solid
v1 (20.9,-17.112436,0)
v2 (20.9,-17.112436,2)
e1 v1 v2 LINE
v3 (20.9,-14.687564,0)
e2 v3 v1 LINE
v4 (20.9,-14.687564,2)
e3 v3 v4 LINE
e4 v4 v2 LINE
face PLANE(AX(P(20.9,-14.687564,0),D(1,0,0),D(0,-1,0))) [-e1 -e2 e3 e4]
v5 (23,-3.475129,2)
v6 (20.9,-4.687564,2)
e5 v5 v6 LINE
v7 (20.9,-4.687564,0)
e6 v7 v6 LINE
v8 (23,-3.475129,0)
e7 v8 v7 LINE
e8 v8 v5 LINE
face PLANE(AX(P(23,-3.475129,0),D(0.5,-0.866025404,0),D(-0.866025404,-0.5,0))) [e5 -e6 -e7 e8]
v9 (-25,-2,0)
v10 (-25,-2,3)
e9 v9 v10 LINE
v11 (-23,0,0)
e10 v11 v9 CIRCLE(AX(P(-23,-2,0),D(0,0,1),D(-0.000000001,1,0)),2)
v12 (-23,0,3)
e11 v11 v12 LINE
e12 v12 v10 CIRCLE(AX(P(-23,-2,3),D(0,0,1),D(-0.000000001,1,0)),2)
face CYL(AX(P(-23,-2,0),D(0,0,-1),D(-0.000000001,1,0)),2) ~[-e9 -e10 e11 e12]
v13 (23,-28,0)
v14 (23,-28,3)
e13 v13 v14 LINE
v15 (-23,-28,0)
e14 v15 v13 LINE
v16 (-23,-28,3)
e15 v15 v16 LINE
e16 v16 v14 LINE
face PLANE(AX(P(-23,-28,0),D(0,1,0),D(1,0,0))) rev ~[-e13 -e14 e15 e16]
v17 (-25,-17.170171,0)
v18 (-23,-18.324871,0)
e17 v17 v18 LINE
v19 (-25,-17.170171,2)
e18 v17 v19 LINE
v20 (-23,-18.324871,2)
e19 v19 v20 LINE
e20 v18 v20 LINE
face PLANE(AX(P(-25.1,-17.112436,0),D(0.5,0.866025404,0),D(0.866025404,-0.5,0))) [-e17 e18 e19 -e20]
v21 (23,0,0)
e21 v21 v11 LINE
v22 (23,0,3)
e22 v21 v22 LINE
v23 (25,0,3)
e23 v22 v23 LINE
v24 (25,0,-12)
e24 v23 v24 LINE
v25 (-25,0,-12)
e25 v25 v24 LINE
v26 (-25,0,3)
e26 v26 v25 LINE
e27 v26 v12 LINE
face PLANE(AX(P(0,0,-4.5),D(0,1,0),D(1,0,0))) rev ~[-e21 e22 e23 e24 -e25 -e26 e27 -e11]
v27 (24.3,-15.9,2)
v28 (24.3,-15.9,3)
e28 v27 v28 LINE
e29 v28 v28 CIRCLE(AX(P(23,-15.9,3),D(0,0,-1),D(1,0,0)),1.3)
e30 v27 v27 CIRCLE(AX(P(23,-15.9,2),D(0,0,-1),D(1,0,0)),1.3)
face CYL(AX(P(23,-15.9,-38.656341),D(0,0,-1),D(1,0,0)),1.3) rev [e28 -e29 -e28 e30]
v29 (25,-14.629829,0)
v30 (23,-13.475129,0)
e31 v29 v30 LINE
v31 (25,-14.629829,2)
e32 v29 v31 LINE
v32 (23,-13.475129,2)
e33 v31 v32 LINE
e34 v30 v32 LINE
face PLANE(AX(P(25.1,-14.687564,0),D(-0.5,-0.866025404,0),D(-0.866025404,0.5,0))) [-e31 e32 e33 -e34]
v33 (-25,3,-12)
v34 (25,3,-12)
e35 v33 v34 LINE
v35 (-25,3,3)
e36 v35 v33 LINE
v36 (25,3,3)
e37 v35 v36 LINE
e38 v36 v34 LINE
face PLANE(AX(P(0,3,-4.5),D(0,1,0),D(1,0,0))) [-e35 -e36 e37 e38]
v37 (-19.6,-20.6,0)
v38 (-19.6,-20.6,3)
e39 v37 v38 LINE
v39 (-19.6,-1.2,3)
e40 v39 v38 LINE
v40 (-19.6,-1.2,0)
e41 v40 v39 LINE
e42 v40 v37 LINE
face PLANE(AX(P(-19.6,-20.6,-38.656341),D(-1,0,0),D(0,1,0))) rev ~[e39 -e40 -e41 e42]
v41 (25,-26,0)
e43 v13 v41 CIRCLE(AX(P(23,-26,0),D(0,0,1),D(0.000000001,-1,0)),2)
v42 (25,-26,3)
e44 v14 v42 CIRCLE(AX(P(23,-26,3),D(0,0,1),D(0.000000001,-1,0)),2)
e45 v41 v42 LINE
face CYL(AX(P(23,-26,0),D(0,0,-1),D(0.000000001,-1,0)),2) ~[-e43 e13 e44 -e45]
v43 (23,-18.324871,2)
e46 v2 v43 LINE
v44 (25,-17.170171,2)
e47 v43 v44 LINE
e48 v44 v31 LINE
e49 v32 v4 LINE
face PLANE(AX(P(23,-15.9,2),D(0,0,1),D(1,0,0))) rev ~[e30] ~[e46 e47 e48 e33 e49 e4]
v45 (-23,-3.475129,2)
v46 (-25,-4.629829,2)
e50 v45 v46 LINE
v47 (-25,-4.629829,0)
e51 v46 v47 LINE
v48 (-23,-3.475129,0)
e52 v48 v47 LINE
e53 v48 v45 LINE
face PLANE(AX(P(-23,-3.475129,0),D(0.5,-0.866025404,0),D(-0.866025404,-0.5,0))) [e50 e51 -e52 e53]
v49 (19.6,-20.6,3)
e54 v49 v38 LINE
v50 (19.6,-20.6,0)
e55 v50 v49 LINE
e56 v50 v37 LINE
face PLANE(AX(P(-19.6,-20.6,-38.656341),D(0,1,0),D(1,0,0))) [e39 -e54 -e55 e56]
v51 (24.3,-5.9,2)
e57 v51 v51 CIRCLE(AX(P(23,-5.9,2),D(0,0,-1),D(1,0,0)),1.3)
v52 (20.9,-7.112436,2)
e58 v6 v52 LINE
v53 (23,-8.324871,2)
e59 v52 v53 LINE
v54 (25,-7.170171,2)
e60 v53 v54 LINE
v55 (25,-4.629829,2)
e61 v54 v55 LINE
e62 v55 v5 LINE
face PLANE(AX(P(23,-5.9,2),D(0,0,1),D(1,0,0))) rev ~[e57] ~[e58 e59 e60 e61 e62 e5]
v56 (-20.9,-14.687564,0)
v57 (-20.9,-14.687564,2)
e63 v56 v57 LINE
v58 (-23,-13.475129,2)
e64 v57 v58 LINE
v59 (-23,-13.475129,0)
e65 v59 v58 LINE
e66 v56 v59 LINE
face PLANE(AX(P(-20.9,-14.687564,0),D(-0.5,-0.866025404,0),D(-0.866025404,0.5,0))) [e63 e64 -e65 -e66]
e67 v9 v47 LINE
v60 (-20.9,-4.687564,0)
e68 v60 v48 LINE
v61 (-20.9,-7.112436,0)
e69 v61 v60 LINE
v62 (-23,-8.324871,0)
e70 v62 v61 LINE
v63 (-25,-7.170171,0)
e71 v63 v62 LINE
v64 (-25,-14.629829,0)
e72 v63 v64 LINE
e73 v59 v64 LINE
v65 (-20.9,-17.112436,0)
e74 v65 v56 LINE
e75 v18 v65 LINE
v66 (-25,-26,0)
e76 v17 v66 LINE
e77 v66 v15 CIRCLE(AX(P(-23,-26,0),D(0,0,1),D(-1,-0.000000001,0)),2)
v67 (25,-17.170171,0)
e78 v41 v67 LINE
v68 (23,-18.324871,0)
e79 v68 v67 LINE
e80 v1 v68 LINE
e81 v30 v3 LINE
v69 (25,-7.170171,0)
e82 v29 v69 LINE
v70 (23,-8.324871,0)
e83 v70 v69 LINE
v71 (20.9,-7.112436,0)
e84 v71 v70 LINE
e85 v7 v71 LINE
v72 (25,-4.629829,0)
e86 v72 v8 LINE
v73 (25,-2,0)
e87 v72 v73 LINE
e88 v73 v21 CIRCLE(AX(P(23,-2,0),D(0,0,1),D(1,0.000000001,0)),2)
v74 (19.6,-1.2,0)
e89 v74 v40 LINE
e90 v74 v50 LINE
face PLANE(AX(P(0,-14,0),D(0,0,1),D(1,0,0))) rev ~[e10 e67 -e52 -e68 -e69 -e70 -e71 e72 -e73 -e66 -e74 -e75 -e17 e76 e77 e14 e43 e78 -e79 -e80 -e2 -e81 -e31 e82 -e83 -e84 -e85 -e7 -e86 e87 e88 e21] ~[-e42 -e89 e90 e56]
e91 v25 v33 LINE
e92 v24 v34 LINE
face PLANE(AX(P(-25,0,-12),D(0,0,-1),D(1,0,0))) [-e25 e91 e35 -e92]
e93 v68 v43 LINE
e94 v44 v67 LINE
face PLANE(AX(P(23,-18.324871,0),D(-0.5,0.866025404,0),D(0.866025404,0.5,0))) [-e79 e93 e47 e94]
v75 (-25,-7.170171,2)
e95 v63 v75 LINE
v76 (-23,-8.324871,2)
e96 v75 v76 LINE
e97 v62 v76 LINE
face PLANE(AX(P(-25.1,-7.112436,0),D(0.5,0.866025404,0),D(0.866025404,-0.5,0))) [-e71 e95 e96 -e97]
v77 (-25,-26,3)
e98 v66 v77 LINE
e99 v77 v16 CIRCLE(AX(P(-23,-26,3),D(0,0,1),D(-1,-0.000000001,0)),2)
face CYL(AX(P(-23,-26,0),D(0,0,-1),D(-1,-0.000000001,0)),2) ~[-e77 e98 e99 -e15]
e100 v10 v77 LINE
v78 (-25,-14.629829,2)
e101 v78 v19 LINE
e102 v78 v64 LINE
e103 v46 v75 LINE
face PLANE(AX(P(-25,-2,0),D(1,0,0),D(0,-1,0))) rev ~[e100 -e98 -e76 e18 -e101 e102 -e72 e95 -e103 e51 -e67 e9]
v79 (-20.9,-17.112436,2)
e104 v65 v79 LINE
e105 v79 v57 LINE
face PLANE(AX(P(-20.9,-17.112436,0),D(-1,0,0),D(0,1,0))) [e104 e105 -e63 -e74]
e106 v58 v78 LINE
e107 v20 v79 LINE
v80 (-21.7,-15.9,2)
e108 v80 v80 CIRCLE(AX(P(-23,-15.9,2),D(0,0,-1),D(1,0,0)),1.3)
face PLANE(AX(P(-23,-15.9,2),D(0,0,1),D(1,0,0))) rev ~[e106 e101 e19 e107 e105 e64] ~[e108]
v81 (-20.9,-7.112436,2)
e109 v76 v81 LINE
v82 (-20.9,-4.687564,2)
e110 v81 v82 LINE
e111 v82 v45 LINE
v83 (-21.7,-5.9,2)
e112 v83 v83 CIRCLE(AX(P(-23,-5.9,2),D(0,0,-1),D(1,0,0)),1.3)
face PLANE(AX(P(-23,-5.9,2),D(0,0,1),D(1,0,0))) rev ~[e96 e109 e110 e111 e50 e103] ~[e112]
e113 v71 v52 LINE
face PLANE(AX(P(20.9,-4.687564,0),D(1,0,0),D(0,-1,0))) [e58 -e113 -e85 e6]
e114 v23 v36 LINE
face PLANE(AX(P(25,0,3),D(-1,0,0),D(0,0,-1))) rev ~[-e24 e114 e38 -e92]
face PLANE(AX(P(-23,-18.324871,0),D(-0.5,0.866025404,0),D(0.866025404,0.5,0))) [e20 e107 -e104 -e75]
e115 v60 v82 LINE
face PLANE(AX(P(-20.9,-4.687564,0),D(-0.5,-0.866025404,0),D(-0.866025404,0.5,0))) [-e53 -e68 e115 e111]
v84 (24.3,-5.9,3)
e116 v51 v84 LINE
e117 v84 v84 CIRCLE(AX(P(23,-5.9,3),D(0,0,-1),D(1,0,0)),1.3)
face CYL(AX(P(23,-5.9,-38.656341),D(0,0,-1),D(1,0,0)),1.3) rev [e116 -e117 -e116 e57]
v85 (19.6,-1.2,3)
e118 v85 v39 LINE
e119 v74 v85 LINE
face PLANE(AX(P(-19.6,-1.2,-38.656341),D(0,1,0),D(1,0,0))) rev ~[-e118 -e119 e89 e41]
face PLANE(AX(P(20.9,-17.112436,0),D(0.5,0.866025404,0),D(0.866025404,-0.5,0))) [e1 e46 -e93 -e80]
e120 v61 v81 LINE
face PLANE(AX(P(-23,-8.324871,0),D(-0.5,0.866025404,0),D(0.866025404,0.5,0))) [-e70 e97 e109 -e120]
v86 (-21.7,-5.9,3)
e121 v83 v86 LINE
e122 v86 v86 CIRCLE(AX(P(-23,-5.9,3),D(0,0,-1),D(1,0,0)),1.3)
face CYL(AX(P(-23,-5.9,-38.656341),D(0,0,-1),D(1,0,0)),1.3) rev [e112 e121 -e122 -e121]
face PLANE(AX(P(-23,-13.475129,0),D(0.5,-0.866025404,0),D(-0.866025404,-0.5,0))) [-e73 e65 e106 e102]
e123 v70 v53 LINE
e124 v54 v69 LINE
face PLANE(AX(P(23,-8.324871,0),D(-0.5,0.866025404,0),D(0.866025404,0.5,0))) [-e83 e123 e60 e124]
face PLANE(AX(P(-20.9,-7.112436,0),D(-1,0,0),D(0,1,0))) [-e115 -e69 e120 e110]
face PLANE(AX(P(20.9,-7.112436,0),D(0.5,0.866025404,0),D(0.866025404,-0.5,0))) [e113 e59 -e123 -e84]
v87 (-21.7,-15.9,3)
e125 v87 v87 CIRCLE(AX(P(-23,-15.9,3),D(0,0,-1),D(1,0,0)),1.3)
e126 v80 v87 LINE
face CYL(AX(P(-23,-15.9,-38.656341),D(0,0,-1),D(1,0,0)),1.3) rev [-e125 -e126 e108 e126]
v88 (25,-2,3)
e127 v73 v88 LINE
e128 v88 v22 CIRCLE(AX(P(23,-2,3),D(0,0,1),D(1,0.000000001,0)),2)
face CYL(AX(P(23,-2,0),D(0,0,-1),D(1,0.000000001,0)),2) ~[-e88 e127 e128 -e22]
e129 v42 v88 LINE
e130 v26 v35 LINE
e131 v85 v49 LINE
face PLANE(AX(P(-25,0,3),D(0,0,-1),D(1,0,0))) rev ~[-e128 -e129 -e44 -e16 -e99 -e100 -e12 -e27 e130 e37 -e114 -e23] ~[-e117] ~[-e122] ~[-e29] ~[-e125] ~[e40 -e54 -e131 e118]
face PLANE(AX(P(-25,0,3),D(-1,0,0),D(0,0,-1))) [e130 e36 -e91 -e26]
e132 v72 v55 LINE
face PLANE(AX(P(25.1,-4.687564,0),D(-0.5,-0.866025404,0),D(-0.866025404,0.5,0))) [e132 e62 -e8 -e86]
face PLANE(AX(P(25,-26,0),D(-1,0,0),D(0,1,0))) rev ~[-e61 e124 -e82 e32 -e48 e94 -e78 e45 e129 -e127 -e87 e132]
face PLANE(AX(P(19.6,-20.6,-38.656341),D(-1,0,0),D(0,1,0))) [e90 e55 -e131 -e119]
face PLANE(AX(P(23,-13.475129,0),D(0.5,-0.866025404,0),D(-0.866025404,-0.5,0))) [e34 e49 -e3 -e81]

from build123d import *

# Parameters (mm, degrees)
BOSS_EXTRUDE1_DEPTH     = 3
CUT_EXTRUDE1_DEPTH      = 38.656340768
CUT_EXTRUDE1_DEPTH_BACK = 38.656340768
SKETCH2_W               = 39.2
SKETCH2_H               = 19.4
CUT_EXTRUDE2_DEPTH      = 38.656340768
CUT_EXTRUDE2_DEPTH_BACK = 38.656340768
SKETCH3_R               = 1.3
CUT_EXTRUDE3_DEPTH      = 2
SKETCH5_W               = 50
SKETCH5_H               = 15
BOSS_EXTRUDE2_DEPTH     = 3


with BuildPart() as part:
    # Sketch1 → Boss-Extrude1 (new body)
    with BuildSketch(Plane.XY):
        with BuildLine():
            Line((-23, -28), (23, -28))
            ThreePointArc((23, -28), (24.414213562, -27.414213562), (25, -26))
            Line((25, -26), (25, -2))
            ThreePointArc((25, -2), (24.414213562, -0.585786438), (23, 0))
            Line((23, 0), (-23, 0))
            ThreePointArc((-23, 0), (-24.414213562, -0.585786438), (-25, -2))
            Line((-25, -2), (-25, -26))
            ThreePointArc((-25, -26), (-24.414213562, -27.414213562), (-23, -28))
        make_face()
    extrude(amount=BOSS_EXTRUDE1_DEPTH)

    # Sketch2 → Cut-Extrude1 (cut, two sides: drawn at the far end of the back side and taken through both)
    with BuildSketch(Plane.XY.offset(-CUT_EXTRUDE1_DEPTH_BACK)):
        with Locations((0, -10.9)):
            Rectangle(SKETCH2_W, SKETCH2_H)
    extrude(amount=CUT_EXTRUDE1_DEPTH + CUT_EXTRUDE1_DEPTH_BACK, mode=Mode.SUBTRACT)

    # Sketch3 → Cut-Extrude2 (cut, two sides: drawn at the far end of the back side and taken through both)
    with BuildSketch(Plane.XY.offset(-CUT_EXTRUDE2_DEPTH_BACK)):
        with Locations((23, -5.9)):
            Circle(SKETCH3_R)
        with Locations((23, -15.9)):
            Circle(SKETCH3_R)
        with Locations((-23, -5.9)):
            Circle(SKETCH3_R)
        with Locations((-23, -15.9)):
            Circle(SKETCH3_R)
    extrude(amount=CUT_EXTRUDE2_DEPTH + CUT_EXTRUDE2_DEPTH_BACK, mode=Mode.SUBTRACT)

    # Sketch4 → Cut-Extrude3 (cut)
    with BuildSketch(Plane.XY):
        Polygon((25.1, -4.687564435), (23, -3.475128869), (20.9, -4.687564435), (20.9, -7.112435565), (23, -8.324871131), (25.1, -7.112435565), align=None)
        Polygon((25.1, -14.687564435), (23, -13.475128869), (20.9, -14.687564435), (20.9, -17.112435565), (23, -18.324871131), (25.1, -17.112435565), align=None)
        Polygon((-20.9, -4.687564435), (-23, -3.475128869), (-25.1, -4.687564435), (-25.1, -7.112435565), (-23, -8.324871131), (-20.9, -7.112435565), align=None)
        Polygon((-20.9, -14.687564435), (-23, -13.475128869), (-25.1, -14.687564435), (-25.1, -17.112435565), (-23, -18.324871131), (-20.9, -17.112435565), align=None)
    extrude(amount=CUT_EXTRUDE3_DEPTH, mode=Mode.SUBTRACT)

    # Sketch5 → Boss-Extrude2 (add)
    with BuildSketch(Plane(origin=(0, 0, 0), x_dir=(1, 0, 0), z_dir=(0, 1, 0))):
        with Locations((0, 4.5)):
            Rectangle(SKETCH5_W, SKETCH5_H)
    extrude(amount=BOSS_EXTRUDE2_DEPTH)


solid = part.part
